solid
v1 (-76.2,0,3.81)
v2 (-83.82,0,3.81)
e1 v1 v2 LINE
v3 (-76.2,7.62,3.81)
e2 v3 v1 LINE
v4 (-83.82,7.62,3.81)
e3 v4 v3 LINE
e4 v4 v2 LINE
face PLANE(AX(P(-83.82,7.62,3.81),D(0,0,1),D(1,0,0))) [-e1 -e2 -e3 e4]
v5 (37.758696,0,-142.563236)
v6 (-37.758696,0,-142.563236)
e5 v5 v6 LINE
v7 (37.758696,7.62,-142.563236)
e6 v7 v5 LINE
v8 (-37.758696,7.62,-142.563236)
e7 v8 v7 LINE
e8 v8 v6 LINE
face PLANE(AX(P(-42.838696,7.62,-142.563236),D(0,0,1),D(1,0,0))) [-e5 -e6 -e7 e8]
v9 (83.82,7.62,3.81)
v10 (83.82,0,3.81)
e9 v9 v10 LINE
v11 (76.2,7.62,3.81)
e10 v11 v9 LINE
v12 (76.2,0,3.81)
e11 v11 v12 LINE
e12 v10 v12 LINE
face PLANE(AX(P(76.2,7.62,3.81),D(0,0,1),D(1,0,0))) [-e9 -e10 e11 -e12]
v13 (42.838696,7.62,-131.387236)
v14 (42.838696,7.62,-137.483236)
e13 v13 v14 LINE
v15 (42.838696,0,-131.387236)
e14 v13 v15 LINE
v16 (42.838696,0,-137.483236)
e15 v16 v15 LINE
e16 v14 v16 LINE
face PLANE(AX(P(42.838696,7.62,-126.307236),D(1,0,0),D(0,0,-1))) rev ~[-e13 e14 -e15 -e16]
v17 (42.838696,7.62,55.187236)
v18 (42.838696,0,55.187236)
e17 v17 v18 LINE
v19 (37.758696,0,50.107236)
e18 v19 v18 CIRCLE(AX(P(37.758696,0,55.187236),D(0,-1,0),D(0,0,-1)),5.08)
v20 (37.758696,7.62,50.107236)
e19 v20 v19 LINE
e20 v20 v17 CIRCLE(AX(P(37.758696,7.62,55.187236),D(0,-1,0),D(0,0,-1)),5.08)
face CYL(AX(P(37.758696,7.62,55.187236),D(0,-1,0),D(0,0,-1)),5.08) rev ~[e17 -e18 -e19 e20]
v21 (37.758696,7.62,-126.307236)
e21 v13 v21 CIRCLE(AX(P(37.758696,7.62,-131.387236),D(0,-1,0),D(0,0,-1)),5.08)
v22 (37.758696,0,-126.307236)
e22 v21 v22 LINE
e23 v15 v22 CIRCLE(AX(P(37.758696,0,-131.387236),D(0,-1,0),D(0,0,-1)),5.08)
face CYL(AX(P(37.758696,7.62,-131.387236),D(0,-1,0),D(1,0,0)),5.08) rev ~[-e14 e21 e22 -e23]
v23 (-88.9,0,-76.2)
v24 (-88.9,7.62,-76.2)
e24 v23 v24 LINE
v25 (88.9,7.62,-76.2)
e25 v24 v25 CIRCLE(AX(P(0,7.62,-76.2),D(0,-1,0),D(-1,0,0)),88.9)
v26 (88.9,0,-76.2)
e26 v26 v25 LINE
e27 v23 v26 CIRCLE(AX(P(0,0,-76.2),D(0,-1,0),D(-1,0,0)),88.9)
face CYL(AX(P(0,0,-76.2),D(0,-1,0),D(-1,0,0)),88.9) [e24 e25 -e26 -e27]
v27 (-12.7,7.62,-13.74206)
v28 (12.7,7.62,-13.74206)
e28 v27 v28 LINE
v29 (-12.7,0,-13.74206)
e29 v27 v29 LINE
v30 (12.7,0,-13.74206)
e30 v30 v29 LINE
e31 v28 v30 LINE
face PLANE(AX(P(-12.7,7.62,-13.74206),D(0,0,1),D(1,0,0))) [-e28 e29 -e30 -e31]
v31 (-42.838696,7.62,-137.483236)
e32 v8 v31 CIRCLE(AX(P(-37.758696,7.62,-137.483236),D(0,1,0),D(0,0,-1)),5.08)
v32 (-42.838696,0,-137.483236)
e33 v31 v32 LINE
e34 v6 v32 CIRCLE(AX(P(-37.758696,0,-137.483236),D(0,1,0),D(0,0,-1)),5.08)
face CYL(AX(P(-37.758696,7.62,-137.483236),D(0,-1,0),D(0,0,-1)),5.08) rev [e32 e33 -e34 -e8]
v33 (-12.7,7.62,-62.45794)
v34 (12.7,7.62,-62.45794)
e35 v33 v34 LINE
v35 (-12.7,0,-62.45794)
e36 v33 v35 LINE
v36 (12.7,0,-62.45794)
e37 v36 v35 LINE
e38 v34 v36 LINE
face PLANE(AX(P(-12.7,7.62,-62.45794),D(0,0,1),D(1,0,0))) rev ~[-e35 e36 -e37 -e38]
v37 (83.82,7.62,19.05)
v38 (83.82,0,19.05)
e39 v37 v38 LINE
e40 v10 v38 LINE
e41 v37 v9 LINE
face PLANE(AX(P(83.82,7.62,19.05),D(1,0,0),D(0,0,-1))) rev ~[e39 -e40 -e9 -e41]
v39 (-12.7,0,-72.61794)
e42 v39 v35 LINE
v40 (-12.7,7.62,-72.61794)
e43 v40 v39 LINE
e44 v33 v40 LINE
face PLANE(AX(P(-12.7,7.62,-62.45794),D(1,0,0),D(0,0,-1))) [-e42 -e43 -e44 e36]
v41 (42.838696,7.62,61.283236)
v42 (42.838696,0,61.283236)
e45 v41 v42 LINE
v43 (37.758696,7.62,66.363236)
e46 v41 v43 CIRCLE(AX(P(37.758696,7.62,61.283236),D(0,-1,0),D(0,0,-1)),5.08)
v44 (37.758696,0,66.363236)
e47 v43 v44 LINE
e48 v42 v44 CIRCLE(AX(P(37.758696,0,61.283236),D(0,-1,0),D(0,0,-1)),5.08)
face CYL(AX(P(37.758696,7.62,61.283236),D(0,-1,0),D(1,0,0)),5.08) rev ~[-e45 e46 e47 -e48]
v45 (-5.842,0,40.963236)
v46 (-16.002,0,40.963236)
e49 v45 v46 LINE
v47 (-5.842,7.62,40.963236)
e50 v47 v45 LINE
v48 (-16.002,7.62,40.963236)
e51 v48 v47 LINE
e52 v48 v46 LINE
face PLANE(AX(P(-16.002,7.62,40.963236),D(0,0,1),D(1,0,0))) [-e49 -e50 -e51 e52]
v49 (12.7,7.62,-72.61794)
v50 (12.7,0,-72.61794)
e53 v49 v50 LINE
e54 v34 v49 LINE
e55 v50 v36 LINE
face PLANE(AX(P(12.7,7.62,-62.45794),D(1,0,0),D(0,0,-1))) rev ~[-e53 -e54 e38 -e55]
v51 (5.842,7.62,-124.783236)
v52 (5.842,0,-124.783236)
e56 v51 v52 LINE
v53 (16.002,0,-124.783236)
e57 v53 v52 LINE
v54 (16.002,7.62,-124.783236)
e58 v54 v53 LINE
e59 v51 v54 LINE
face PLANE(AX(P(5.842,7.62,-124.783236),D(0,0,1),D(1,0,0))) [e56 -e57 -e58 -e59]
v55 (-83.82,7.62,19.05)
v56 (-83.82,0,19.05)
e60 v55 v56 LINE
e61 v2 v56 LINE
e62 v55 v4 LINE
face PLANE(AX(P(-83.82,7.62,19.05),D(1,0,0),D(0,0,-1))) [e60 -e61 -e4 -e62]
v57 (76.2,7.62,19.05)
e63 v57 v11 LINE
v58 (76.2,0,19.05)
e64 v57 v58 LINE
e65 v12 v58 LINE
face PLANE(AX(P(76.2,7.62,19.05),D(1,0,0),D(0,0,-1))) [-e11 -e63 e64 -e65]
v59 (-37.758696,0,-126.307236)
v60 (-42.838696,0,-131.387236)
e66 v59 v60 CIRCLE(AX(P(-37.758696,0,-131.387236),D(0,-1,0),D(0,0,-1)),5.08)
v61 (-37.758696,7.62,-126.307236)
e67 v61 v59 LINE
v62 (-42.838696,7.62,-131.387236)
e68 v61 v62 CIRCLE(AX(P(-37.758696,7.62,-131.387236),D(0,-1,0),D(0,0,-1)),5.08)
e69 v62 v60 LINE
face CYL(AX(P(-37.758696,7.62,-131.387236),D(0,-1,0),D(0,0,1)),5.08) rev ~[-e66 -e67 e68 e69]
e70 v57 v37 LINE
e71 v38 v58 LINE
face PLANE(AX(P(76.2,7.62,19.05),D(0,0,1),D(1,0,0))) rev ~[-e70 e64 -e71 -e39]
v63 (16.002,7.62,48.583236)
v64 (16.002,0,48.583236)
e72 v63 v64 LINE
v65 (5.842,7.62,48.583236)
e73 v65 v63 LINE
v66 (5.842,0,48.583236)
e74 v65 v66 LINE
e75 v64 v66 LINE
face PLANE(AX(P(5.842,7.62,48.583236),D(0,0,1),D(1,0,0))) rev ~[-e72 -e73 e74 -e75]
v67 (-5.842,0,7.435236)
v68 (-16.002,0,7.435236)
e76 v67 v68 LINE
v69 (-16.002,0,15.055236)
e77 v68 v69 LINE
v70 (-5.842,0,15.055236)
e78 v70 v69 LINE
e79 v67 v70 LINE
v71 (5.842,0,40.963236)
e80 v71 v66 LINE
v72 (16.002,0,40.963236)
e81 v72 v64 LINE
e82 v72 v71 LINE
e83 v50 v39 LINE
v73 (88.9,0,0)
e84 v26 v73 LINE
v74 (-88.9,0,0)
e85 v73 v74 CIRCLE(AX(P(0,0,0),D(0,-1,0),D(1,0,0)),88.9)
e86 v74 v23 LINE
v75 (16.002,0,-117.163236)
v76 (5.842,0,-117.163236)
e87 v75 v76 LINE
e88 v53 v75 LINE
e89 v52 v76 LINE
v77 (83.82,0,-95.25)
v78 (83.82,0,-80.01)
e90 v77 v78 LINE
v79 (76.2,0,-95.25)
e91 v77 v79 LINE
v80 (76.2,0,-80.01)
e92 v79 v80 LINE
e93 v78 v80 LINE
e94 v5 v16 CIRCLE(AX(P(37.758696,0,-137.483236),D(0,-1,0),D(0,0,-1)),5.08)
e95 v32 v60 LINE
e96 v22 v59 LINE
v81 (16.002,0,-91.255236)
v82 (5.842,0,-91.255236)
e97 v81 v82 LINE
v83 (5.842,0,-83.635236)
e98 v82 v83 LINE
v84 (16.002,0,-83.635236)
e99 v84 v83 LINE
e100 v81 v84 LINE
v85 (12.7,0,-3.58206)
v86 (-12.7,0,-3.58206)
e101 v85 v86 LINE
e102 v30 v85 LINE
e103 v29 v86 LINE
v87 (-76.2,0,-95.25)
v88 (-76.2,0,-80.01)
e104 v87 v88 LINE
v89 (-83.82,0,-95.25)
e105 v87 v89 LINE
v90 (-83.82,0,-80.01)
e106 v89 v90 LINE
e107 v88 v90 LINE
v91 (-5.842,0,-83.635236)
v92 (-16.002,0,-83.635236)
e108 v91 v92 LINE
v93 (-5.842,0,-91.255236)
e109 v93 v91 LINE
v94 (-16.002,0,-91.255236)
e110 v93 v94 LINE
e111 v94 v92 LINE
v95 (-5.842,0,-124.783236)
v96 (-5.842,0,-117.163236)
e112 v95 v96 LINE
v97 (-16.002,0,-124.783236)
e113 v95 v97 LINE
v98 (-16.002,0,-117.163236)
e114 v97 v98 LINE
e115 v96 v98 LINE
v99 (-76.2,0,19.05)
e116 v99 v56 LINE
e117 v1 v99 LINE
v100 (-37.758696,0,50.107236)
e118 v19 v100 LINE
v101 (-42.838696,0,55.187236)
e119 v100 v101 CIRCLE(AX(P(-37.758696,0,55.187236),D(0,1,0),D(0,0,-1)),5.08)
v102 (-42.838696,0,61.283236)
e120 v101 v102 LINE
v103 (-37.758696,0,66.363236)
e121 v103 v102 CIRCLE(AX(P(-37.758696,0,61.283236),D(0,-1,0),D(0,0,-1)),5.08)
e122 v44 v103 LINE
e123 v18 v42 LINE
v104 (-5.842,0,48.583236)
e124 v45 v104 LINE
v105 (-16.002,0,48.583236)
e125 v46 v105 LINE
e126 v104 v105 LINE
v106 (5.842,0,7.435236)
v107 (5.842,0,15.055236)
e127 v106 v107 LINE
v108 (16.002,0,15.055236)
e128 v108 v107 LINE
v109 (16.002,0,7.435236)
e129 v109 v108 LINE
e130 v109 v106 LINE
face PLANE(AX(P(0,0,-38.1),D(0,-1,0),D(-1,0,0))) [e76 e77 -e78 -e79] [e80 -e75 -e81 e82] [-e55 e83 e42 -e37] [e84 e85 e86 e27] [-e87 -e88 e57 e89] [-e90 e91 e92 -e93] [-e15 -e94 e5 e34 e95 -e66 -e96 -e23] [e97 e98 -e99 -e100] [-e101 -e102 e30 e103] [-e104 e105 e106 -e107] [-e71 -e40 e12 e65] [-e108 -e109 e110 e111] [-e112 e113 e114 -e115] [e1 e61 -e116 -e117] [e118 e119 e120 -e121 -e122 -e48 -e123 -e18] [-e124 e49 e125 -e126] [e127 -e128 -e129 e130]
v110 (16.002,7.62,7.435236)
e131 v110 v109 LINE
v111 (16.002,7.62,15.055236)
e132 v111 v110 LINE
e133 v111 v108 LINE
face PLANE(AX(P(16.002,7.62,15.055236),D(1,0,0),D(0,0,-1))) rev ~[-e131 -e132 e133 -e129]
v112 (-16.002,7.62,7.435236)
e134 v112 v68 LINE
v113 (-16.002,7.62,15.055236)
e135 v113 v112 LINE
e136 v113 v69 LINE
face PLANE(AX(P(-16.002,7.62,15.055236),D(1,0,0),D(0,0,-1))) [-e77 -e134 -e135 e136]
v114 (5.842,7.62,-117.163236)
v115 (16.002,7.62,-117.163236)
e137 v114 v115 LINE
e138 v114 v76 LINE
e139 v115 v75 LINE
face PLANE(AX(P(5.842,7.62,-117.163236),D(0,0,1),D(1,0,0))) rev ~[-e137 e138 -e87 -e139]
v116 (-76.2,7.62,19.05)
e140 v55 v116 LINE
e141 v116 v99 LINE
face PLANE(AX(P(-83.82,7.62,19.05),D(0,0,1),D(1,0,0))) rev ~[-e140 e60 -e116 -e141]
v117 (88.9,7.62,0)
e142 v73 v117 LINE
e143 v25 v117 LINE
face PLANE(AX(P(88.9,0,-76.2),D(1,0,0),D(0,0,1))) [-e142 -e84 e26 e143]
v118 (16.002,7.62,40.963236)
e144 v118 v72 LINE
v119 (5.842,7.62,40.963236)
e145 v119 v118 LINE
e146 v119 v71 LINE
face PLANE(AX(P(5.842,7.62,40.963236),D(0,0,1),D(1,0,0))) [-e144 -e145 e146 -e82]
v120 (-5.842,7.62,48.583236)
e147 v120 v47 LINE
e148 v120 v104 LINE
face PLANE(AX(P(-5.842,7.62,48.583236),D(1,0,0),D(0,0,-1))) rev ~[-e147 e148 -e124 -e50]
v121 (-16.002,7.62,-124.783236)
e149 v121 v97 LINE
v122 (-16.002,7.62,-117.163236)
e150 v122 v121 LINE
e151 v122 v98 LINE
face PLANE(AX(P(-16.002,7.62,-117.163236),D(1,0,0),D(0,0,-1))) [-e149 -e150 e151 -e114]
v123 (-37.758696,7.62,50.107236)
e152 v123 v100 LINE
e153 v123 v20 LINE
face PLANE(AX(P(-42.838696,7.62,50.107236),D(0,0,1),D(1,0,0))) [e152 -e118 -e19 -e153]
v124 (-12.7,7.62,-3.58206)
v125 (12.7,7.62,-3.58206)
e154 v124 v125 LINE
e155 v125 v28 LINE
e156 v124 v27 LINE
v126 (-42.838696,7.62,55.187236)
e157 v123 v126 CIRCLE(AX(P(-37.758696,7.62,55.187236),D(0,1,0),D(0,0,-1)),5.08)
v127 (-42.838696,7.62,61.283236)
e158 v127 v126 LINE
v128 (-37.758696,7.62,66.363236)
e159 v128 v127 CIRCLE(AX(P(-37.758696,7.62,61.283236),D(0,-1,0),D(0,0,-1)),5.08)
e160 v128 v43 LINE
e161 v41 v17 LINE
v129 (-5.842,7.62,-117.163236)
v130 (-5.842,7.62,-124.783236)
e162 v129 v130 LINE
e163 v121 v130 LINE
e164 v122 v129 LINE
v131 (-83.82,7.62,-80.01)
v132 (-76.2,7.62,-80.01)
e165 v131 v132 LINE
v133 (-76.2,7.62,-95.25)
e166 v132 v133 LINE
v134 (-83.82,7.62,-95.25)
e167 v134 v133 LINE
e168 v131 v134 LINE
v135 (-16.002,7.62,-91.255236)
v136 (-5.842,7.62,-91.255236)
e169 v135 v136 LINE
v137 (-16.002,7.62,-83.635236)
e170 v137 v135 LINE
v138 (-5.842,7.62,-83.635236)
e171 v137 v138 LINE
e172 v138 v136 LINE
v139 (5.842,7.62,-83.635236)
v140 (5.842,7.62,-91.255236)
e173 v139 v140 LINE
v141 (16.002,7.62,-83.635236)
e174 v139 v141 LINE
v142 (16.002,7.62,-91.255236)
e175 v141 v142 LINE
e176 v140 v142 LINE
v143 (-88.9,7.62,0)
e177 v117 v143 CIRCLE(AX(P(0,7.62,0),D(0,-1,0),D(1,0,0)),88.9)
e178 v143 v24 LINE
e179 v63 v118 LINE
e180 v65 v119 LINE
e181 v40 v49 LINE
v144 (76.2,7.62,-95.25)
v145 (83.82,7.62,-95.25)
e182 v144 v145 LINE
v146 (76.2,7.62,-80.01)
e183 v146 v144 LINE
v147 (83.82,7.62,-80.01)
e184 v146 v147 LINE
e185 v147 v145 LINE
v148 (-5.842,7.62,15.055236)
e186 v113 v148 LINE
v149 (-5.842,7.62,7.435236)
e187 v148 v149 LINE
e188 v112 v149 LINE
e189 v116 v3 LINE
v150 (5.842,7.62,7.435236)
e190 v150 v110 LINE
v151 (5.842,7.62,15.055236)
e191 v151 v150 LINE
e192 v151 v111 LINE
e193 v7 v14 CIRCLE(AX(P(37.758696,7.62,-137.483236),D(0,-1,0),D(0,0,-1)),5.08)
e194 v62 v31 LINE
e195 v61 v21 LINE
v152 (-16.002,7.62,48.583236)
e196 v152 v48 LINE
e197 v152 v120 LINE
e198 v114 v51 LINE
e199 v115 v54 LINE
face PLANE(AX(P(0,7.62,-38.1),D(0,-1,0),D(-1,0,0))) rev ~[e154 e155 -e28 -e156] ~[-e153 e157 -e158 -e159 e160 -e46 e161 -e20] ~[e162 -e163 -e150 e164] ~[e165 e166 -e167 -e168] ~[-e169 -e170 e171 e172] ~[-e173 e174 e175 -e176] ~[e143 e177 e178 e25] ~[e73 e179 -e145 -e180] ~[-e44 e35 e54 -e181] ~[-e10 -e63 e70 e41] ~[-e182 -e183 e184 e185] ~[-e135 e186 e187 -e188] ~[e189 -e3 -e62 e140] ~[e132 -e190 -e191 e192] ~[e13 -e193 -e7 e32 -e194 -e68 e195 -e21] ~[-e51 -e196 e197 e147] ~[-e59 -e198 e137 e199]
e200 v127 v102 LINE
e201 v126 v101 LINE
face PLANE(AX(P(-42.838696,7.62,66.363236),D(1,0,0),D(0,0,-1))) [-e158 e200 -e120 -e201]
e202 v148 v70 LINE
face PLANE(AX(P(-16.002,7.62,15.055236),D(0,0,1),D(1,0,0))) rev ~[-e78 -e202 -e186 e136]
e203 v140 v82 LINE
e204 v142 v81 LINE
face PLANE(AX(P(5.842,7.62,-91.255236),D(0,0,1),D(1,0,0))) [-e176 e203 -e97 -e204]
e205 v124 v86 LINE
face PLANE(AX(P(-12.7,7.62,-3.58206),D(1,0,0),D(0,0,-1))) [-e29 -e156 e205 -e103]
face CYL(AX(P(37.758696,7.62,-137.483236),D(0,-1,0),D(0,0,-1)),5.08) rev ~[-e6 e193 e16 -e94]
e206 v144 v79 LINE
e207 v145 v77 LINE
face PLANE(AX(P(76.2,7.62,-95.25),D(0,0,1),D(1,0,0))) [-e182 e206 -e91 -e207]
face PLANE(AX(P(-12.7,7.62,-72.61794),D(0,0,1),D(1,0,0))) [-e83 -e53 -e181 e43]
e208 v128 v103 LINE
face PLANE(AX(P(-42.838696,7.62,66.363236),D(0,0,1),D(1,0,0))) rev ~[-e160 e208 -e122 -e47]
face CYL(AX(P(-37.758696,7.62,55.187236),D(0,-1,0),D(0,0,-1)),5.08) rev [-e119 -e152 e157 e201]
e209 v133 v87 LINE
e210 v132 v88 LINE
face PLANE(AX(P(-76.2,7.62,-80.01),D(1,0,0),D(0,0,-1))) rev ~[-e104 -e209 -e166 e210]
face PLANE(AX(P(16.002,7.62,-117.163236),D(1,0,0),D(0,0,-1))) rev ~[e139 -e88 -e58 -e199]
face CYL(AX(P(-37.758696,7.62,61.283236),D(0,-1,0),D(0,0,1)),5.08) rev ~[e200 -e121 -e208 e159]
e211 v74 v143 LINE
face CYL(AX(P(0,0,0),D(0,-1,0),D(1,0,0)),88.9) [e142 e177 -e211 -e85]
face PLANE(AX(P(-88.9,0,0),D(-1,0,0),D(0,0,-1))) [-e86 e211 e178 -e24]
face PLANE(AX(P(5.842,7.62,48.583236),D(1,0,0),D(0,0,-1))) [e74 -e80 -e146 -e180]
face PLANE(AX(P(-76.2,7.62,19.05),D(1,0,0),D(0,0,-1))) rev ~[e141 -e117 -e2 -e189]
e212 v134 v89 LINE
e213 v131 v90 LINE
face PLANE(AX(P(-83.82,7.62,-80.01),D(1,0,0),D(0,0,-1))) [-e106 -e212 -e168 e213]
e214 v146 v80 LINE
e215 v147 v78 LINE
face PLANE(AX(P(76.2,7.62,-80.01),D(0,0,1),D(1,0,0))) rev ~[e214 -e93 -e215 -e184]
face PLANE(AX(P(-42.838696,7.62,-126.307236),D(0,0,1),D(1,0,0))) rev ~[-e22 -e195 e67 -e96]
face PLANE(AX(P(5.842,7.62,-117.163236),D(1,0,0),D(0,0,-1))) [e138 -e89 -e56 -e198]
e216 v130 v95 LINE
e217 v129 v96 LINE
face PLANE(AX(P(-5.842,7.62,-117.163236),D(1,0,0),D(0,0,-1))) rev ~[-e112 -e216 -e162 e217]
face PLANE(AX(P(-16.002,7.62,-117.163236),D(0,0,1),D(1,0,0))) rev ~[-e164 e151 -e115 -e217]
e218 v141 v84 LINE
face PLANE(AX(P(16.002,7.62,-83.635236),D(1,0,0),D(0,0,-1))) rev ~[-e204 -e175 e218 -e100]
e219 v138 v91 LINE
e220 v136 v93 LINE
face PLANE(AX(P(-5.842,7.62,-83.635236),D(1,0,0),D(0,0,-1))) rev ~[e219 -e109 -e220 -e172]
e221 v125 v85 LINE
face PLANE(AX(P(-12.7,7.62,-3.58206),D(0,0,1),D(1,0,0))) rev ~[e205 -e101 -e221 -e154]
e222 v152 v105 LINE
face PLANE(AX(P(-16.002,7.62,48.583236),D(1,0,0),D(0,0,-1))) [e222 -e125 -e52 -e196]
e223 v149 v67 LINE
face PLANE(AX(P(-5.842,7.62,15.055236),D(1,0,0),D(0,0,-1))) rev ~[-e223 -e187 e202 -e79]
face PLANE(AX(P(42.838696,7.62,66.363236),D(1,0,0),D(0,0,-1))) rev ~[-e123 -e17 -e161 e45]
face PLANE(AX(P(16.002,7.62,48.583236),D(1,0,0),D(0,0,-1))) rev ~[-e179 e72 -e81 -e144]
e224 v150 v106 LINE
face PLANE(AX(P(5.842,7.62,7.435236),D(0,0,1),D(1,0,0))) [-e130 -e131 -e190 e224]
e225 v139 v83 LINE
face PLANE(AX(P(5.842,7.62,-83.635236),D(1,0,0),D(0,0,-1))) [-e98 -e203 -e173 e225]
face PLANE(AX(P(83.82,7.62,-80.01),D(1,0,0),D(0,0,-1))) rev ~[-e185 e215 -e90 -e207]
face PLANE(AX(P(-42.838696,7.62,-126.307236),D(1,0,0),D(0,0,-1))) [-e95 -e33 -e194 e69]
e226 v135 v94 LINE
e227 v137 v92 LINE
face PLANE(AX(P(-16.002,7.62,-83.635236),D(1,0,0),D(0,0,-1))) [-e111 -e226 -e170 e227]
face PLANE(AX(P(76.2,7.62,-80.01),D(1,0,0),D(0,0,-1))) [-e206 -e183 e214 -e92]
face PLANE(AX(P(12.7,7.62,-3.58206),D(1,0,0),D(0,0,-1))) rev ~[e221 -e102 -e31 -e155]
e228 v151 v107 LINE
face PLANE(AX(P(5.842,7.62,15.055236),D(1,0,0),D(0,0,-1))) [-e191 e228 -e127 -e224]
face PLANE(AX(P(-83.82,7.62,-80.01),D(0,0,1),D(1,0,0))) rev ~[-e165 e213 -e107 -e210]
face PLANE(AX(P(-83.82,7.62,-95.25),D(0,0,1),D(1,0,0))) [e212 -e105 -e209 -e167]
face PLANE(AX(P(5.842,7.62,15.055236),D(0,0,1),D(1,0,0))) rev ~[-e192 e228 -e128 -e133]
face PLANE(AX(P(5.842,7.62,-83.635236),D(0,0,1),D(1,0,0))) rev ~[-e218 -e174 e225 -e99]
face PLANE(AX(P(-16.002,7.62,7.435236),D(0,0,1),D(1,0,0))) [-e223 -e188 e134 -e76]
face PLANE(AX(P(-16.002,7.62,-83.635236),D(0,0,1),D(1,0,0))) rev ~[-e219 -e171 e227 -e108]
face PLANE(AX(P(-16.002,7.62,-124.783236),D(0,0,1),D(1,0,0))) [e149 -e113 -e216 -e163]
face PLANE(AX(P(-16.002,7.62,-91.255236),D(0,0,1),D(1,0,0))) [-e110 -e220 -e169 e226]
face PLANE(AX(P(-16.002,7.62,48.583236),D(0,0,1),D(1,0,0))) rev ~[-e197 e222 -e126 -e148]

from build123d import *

# Parameters (mm, degrees)
BOSS_EXTRUDE1_DEPTH     = 7.62
SKETCH2_W               = 85.677392152
SKETCH2_H               = 16.256
CUT_EXTRUDE1_DEPTH      = 1
CUT_EXTRUDE1_DEPTH_BACK = 8.62
FILLET1_R               = 5.08
SKETCH3_W               = 10.16
SKETCH3_H               = 7.62
CUT_EXTRUDE2_DEPTH      = 8.62
SKETCH4_W               = 25.4
SKETCH4_H               = 10.16
CUT_EXTRUDE3_DEPTH      = 8.62
SKETCH5_W               = 7.62
SKETCH5_H               = 15.24
CUT_EXTRUDE5_DEPTH      = 8.62


with BuildPart() as part:
    # Sketch1 → Boss-Extrude1 (new body)
    with BuildSketch(Plane(origin=(0, 0, 0), x_dir=(1, 0, 0), z_dir=(0, 1, 0))):
        with BuildLine():
            Line((-88.9, 0), (-88.9, 76.2))
            ThreePointArc((-88.9, 76.2), (0, 165.1), (88.9, 76.2))
            Line((88.9, 76.2), (88.9, 0))
            ThreePointArc((88.9, 0), (0, -88.9), (-88.9, 0))
        make_face()
    extrude(amount=BOSS_EXTRUDE1_DEPTH)

    # Sketch2 → Cut-Extrude1 (cut, two sides)
    with BuildSketch(Plane(origin=(0, 7.62, 0), x_dir=(1, 0, 0), z_dir=(0, 1, 0))) as cut_extrude1_sk:
        with Locations((0, -58.235236409)):
            Rectangle(SKETCH2_W, SKETCH2_H)
        with Locations((0, 134.435236409)):
            Rectangle(SKETCH2_W, SKETCH2_H)
    extrude(amount=CUT_EXTRUDE1_DEPTH, mode=Mode.SUBTRACT)
    extrude(cut_extrude1_sk.sketch, amount=-CUT_EXTRUDE1_DEPTH_BACK, mode=Mode.SUBTRACT)

    # Fillet1
    fillet1_edges = [part.edges().sort_by_distance(p)[0] for p in [
        (-42.838696076, 3.81, 66.363236409),
        (-42.838696076, 3.81, 50.107236409),
        (42.838696076, 3.81, 50.107236409),
        (42.838696076, 3.81, 66.363236409),
        (-42.838696076, 3.81, -126.307236409),
        (-42.838696076, 3.81, -142.563236409),
        (42.838696076, 3.81, -142.563236409),
        (42.838696076, 3.81, -126.307236409),
    ]]
    fillet(fillet1_edges, radius=FILLET1_R)

    # Sketch3 → Cut-Extrude2 (cut, through all)
    with BuildSketch(Plane(origin=(0, 7.62, 0), x_dir=(1, 0, 0), z_dir=(0, 1, 0))):
        with Locations((10.922, 87.445236409)):
            Rectangle(SKETCH3_W, SKETCH3_H)
        with Locations((-10.922, 87.445236409)):
            Rectangle(SKETCH3_W, SKETCH3_H)
        with Locations((10.922, 120.973236409)):
            Rectangle(SKETCH3_W, SKETCH3_H)
        with Locations((-10.922, 120.973236409)):
            Rectangle(SKETCH3_W, SKETCH3_H)
        with Locations((-10.922, -11.245236409)):
            Rectangle(SKETCH3_W, SKETCH3_H)
        with Locations((10.922, -11.245236409)):
            Rectangle(SKETCH3_W, SKETCH3_H)
        with Locations((-10.922, -44.773236409)):
            Rectangle(SKETCH3_W, SKETCH3_H)
        with Locations((10.922, -44.773236409)):
            Rectangle(SKETCH3_W, SKETCH3_H)
    extrude(amount=-CUT_EXTRUDE2_DEPTH, mode=Mode.SUBTRACT)

    # Sketch4 → Cut-Extrude3 (cut, through all)
    with BuildSketch(Plane(origin=(0, 7.62, 0), x_dir=(1, 0, 0), z_dir=(0, 1, 0))):
        with Locations((0, 67.537940424)):
            Rectangle(SKETCH4_W, SKETCH4_H)
        with Locations((0, 8.662059576)):
            Rectangle(SKETCH4_W, SKETCH4_H)
    extrude(amount=-CUT_EXTRUDE3_DEPTH, mode=Mode.SUBTRACT)

    # Sketch5 → Cut-Extrude5 (cut, through all)
    with BuildSketch(Plane(origin=(0, 7.62, 0), x_dir=(1, 0, 0), z_dir=(0, 1, 0))):
        with Locations((80.01, -11.43)):
            Rectangle(SKETCH5_W, SKETCH5_H)
        with Locations((-80.01, -11.43)):
            Rectangle(SKETCH5_W, SKETCH5_H)
        with Locations((-80.01, 87.63)):
            Rectangle(SKETCH5_W, SKETCH5_H)
        with Locations((80.01, 87.63)):
            Rectangle(SKETCH5_W, SKETCH5_H)
    extrude(amount=-CUT_EXTRUDE5_DEPTH, mode=Mode.SUBTRACT)


solid = part.part
